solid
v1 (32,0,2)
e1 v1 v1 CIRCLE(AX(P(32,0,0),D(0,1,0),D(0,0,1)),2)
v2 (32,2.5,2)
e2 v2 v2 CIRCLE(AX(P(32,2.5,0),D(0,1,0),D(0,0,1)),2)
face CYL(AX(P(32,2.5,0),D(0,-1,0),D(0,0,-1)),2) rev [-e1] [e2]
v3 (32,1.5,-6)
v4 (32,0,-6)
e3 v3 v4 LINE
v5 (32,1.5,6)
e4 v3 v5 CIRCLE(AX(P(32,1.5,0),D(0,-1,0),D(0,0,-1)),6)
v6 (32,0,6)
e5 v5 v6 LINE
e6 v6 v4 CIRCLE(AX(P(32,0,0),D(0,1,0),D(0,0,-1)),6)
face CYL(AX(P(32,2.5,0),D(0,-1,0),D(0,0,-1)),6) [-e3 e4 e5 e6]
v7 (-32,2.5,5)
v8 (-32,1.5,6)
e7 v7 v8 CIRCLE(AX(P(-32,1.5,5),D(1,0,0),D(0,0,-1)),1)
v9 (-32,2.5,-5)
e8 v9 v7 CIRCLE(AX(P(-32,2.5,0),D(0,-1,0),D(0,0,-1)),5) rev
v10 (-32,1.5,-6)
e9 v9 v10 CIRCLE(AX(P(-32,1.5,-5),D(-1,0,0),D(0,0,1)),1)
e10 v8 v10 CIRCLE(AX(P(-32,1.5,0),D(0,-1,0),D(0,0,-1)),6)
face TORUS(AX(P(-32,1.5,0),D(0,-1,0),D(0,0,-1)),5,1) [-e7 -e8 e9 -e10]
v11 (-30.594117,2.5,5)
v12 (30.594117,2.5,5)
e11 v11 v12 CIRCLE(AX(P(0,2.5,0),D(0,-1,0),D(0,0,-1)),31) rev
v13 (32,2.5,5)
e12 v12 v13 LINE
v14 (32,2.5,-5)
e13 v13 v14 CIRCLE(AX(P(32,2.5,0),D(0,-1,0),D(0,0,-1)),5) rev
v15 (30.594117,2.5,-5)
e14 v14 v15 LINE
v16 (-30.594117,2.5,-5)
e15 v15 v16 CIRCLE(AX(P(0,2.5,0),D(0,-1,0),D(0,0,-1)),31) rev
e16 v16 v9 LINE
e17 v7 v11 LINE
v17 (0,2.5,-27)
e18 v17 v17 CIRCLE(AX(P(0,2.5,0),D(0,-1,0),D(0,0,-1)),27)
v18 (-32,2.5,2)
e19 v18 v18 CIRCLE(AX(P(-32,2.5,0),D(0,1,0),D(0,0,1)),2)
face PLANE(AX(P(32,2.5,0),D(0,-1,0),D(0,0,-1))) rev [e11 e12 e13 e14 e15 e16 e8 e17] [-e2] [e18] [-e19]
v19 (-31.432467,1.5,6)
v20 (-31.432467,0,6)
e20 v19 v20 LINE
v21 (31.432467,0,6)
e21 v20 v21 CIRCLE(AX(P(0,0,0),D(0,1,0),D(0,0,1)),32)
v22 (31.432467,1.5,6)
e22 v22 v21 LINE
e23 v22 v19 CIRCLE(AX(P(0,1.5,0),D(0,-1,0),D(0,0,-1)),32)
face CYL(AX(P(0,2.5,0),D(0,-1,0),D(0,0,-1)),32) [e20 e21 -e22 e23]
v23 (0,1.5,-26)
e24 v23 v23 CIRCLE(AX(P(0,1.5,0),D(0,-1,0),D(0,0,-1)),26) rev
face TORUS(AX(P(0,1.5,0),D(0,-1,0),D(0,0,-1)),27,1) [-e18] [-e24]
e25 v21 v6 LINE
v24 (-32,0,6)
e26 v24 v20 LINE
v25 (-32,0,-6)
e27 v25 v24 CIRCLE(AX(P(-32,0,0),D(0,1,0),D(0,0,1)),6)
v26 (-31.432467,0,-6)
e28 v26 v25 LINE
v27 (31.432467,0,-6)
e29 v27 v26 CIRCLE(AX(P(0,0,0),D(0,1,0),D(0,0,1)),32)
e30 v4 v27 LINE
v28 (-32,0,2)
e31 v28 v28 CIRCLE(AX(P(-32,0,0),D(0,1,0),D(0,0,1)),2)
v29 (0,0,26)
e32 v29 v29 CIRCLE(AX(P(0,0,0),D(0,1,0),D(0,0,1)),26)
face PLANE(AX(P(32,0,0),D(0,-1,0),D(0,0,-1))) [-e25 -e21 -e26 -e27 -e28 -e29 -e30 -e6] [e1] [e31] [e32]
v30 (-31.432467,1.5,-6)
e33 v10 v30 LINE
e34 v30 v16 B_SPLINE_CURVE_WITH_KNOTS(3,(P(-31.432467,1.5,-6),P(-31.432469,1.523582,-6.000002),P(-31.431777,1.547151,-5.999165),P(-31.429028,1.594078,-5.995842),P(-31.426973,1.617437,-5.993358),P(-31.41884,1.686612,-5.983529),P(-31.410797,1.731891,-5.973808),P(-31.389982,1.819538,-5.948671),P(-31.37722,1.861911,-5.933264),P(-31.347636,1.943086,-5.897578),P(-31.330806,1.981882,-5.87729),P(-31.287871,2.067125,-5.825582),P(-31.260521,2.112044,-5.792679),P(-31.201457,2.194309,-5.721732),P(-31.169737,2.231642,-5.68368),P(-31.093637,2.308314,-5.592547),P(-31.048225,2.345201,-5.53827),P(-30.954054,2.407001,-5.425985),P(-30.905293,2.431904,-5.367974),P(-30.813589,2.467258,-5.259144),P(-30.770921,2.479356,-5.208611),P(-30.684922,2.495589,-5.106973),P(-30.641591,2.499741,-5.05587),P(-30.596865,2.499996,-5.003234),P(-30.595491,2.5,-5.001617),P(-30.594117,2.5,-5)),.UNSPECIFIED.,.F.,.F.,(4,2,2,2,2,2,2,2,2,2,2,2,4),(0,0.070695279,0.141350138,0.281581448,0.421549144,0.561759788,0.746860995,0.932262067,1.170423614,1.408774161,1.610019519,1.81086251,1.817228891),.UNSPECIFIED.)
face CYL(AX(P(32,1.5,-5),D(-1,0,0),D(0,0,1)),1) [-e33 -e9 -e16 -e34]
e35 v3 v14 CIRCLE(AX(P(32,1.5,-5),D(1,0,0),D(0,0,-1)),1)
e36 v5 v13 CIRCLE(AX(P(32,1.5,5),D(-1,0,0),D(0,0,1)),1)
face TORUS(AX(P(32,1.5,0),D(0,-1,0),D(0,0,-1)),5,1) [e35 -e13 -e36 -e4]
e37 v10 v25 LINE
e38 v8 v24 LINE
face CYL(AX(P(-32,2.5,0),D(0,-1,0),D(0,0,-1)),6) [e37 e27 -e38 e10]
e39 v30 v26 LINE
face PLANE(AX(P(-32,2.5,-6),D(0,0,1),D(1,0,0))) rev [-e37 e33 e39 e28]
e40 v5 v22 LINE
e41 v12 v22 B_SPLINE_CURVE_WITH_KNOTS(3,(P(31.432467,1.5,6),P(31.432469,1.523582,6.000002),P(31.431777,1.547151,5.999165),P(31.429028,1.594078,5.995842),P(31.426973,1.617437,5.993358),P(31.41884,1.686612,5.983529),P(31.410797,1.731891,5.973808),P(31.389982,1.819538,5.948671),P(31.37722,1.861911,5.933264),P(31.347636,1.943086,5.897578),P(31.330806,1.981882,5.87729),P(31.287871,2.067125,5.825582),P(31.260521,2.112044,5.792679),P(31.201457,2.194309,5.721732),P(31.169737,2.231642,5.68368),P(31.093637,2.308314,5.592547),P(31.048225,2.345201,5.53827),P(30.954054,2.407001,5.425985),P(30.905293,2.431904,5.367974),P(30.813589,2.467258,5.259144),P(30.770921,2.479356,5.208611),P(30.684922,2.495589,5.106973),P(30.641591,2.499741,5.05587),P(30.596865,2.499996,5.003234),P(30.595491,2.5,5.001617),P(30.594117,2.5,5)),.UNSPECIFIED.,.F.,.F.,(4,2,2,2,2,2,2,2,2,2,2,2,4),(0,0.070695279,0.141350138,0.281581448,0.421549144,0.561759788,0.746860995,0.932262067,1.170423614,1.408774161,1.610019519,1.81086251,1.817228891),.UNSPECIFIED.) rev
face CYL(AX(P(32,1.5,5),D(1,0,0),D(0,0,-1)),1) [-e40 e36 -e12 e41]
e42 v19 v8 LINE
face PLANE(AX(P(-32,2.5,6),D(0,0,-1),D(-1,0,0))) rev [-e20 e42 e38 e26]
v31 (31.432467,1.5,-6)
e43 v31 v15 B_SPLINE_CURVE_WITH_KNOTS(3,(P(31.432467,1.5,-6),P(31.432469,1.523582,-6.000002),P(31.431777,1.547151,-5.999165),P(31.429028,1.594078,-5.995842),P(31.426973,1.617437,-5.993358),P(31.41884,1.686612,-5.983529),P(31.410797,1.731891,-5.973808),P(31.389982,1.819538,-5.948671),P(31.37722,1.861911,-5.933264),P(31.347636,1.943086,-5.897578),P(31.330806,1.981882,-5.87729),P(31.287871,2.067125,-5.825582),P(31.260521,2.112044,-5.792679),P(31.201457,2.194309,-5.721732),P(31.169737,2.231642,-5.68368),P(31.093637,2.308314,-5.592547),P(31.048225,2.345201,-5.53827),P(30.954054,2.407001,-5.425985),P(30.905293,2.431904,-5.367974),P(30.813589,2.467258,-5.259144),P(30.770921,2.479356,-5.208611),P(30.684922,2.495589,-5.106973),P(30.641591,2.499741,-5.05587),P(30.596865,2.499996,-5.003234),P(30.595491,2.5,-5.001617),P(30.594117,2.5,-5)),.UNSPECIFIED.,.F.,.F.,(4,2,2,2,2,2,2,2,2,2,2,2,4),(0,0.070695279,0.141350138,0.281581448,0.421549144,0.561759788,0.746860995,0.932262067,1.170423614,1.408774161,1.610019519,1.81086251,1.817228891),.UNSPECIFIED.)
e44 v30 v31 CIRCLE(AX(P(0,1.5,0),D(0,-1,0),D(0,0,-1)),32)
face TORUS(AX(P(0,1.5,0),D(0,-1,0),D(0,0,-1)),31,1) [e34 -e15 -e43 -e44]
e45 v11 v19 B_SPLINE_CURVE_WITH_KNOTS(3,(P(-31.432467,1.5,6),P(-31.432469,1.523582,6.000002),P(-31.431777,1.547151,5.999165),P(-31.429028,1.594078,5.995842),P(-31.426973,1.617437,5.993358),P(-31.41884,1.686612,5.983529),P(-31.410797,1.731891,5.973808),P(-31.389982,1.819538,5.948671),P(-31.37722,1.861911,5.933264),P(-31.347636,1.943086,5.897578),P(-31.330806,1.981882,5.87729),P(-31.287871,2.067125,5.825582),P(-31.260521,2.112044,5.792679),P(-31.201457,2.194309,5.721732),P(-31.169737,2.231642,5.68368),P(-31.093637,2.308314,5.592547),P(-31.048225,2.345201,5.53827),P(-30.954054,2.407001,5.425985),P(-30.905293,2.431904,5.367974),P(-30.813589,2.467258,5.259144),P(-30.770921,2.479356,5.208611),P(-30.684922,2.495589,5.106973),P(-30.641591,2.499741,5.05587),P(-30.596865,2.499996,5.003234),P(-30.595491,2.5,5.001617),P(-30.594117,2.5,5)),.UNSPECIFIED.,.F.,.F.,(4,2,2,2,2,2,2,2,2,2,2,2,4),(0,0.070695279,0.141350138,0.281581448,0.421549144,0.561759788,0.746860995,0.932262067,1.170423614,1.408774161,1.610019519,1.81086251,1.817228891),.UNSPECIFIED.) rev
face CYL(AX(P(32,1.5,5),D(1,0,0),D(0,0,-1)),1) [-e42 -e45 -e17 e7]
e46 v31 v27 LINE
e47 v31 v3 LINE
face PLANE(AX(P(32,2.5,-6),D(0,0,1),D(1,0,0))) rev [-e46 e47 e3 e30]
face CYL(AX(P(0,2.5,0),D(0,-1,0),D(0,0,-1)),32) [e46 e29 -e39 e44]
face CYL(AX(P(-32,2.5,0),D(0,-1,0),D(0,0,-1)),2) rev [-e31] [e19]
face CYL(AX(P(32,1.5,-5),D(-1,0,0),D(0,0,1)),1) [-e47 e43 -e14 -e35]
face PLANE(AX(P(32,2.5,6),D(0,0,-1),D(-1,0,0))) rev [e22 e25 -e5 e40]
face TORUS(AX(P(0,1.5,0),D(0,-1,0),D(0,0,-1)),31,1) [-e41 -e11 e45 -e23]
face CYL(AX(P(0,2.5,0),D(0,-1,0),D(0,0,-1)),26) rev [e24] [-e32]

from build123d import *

# Parameters (mm, degrees)
CROQUIS1_R              = 26
CROQUIS1_R_2            = 2
SALIENTE_EXTRUIR1_DEPTH = 2.5
REDONDEO1_R             = 1


with BuildPart() as part:
    # Croquis1 → Saliente-Extruir1 (new body)
    with BuildSketch(Plane(origin=(0, 0, 0), x_dir=(1, 0, 0), z_dir=(0, 1, 0))):
        with BuildLine():
            Line((-32, 6), (-31.432467291, 6))
            ThreePointArc((-31.432467291, 6), (0, 32), (31.432467291, 6))
            Line((31.432467291, 6), (32, 6))
            ThreePointArc((32, 6), (38, 0), (32, -6))
            Line((32, -6), (31.432467291, -6))
            ThreePointArc((31.432467291, -6), (0, -32), (-31.432467291, -6))
            Line((-31.432467291, -6), (-32, -6))
            ThreePointArc((-32, -6), (-38, 0), (-32, 6))
        make_face()
        with Locations(Location((0, 0, 0), (0, 0, 270))):
            Circle(CROQUIS1_R, mode=Mode.SUBTRACT)
        with Locations(Location((-32, 0, 0), (0, 0, 270))):
            Circle(CROQUIS1_R_2, mode=Mode.SUBTRACT)
        with Locations(Location((32, 0, 0), (0, 0, 270))):
            Circle(CROQUIS1_R_2, mode=Mode.SUBTRACT)
    extrude(amount=SALIENTE_EXTRUIR1_DEPTH)

    # Redondeo1
    redondeo1_edges = [part.edges().sort_by_distance(p)[0] for p in [
        (0, 2.5, -32),
        (-31.716233646, 2.5, -6),
        (-38, 2.5, 0),
        (0, 2.5, -26),
        (-31.716233646, 2.5, 6),
        (0, 2.5, 32),
        (31.716233646, 2.5, 6),
        (38, 2.5, 0),
        (31.716233646, 2.5, -6),
    ]]
    fillet(redondeo1_edges, radius=REDONDEO1_R)


solid = part.part
